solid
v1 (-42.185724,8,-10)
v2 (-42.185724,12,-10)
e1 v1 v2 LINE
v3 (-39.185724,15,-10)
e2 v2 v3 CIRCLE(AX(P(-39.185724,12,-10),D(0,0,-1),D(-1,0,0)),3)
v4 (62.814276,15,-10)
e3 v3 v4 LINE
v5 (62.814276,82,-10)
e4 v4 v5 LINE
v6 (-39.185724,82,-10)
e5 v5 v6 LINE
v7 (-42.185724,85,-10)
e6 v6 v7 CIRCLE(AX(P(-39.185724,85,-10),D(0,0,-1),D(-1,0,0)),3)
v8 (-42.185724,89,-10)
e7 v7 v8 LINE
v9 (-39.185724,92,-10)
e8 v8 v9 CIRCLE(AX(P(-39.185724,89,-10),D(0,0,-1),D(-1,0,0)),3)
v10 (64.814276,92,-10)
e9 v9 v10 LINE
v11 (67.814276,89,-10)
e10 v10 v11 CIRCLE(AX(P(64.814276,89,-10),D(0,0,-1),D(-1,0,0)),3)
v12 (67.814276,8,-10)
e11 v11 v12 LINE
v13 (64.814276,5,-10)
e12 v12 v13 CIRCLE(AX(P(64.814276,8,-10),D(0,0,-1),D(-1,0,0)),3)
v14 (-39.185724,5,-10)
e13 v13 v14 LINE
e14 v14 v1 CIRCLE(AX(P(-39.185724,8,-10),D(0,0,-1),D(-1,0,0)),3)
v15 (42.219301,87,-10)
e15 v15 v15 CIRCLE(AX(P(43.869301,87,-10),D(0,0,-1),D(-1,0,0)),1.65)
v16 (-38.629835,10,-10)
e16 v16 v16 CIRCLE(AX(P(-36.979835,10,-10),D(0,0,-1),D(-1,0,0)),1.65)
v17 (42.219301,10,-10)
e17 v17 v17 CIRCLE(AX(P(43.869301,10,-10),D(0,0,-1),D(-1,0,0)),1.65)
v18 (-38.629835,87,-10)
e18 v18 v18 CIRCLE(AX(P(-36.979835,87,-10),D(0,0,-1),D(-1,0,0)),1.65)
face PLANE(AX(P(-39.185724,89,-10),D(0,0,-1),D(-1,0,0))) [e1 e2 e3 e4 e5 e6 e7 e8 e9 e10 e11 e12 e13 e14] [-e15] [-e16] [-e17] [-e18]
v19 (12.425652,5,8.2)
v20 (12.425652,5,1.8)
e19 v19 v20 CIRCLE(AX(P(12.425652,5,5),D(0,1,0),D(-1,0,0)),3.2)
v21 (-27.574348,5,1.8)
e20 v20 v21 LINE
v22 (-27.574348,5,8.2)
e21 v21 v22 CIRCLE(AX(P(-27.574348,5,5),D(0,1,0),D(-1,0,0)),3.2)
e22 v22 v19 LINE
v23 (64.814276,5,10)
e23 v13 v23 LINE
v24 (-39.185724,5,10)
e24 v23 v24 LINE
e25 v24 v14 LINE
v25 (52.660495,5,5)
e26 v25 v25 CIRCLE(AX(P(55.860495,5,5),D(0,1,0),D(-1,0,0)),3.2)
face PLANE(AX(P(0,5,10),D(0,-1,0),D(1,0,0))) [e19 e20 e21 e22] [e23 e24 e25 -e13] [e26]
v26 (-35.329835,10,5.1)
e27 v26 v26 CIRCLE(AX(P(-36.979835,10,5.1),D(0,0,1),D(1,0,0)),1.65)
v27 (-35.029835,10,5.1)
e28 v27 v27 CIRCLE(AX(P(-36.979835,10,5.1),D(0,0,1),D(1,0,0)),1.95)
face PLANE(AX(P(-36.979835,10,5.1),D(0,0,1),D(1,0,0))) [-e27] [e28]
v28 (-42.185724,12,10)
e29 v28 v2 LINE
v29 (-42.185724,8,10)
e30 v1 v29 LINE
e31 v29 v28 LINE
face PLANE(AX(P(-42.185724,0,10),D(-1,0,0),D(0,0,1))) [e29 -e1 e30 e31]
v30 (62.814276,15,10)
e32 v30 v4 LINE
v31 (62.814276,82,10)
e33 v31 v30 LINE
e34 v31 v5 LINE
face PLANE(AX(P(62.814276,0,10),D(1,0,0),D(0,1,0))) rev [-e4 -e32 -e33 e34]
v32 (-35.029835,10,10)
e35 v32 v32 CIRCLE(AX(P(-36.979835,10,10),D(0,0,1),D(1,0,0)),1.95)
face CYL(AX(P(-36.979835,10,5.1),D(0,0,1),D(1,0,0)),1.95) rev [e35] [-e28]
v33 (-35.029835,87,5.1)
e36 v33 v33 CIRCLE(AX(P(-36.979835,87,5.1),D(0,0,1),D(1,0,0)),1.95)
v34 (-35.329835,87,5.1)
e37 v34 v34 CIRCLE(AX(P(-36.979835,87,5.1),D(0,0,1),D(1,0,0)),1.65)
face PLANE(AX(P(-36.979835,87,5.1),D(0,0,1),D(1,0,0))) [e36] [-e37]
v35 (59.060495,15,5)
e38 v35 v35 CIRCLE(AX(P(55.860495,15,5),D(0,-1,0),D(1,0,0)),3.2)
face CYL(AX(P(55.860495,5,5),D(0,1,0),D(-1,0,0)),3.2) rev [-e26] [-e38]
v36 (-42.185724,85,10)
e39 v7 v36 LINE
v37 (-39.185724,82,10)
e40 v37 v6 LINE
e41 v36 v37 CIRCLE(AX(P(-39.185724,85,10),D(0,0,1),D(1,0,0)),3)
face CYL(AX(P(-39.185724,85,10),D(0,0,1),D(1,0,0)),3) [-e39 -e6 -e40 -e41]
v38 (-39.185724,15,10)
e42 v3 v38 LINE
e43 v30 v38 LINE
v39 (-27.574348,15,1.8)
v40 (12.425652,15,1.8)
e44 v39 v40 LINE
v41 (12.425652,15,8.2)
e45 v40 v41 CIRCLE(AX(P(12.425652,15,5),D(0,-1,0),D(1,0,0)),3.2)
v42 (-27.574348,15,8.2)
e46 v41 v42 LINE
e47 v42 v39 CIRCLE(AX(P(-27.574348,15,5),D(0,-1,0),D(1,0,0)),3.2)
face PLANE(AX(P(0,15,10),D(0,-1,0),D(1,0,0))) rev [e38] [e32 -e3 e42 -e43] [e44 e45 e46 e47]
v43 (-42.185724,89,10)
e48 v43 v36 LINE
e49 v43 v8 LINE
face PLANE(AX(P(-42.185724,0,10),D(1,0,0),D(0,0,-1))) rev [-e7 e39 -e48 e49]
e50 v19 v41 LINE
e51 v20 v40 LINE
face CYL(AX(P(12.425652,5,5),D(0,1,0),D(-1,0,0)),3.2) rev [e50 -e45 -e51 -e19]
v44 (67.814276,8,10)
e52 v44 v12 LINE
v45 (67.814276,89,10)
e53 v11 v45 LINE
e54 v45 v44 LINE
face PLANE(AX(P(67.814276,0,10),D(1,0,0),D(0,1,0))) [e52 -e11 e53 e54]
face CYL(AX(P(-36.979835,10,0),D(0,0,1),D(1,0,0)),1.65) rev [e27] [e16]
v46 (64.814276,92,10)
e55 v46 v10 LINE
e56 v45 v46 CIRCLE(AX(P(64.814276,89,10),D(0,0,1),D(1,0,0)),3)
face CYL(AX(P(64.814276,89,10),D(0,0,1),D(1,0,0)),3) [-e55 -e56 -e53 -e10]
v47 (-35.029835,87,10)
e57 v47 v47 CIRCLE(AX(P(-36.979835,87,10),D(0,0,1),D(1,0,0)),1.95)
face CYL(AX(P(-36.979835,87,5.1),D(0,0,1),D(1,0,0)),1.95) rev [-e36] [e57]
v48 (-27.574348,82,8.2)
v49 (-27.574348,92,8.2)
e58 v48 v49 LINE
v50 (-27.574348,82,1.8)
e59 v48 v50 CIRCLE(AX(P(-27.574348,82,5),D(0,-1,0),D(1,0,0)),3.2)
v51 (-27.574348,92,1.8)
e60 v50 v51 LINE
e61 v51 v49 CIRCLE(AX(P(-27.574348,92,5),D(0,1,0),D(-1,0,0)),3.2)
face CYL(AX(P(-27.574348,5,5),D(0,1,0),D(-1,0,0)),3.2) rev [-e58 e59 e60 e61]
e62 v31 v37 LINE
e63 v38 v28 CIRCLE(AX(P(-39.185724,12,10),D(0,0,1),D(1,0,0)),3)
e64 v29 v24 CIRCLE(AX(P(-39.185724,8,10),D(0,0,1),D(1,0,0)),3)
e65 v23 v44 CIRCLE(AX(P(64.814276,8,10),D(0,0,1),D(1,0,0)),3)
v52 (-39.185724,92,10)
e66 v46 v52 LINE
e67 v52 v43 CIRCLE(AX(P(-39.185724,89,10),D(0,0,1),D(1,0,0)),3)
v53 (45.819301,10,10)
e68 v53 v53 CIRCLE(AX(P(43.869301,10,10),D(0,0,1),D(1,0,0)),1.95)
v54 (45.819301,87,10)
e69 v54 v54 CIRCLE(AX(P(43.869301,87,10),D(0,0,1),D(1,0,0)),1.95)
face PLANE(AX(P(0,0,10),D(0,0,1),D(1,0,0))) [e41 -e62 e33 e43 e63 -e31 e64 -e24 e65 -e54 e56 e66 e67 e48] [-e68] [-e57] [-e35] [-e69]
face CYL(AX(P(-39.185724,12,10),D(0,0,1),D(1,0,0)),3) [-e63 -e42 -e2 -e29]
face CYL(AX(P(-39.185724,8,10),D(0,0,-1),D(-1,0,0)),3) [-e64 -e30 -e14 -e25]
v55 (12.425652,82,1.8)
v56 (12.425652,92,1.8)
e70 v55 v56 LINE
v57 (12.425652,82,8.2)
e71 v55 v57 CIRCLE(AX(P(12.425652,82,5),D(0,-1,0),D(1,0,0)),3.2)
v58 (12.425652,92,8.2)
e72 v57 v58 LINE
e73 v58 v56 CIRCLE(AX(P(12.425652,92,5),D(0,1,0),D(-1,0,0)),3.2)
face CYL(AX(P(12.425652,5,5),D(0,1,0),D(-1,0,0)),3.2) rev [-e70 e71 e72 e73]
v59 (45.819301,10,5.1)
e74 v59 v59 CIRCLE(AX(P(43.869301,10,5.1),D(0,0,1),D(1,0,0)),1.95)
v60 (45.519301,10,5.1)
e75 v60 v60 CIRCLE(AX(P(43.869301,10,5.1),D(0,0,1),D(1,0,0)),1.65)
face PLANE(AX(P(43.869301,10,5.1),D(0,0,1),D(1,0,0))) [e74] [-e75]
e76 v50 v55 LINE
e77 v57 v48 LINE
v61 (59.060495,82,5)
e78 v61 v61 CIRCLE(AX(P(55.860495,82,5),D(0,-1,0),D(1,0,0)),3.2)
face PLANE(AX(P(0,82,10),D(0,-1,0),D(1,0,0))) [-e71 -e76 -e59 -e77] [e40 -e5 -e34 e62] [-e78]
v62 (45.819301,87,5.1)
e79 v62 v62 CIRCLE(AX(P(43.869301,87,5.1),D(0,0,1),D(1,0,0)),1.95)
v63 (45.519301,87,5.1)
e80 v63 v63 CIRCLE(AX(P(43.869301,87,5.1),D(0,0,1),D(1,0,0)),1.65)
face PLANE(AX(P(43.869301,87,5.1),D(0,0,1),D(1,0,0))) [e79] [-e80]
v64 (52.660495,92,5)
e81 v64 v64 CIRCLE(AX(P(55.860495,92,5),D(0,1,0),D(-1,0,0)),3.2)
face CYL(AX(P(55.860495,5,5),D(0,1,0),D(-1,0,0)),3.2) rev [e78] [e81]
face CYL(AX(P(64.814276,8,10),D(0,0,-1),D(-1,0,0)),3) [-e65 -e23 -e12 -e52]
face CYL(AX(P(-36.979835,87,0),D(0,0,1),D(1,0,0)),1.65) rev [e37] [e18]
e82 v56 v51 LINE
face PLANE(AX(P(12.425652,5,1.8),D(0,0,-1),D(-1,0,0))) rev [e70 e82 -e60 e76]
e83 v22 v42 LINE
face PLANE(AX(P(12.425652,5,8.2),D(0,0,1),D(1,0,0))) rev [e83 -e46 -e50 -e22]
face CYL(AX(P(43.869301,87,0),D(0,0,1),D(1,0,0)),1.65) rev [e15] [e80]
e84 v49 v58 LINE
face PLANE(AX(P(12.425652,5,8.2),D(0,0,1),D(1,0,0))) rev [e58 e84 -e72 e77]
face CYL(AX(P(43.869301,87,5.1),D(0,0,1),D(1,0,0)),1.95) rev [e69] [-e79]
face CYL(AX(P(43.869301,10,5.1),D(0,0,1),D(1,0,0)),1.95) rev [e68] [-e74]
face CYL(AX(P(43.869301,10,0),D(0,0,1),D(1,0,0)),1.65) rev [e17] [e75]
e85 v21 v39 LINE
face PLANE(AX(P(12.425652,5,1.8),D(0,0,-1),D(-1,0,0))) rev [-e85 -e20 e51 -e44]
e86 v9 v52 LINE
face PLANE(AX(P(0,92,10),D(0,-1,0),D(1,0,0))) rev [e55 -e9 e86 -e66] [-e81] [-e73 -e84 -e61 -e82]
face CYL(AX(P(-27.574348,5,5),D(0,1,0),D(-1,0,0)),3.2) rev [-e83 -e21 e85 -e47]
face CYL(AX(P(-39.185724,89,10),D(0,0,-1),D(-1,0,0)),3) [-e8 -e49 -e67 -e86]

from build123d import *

# Parameters (mm, degrees)
CROQUIS1_W              = 105
CROQUIS1_H              = 10
CROQUIS1_W_2            = 5
CROQUIS1_H_2            = 33.5
SALIENTE_EXTRUIR1_DEPTH = 10
CROQUIS2_R              = 3.2
CORTAR_EXTRUIR1_DEPTH   = 111.759992767
CROQUIS3_R              = 1.95
CORTAR_EXTRUIR2_DEPTH   = 4.9
CROQUIS4_R              = 1.65
CORTAR_EXTRUIR3_DEPTH   = 115.406232338
REDONDEO1_R             = 3
CROQUIS7_R              = 1.65
SALIENTE_EXTRUIR2_DEPTH = 10


with BuildPart() as part:
    # Croquis1 → Saliente-Extruir1 (new body)
    with BuildSketch(Plane.XY):
        with Locations((10.314275766, 87)):
            Rectangle(CROQUIS1_W, CROQUIS1_H)
        with Locations((65.314275766, 87)):
            Rectangle(CROQUIS1_W_2, CROQUIS1_H)
        with Locations((65.314275766, 65.25)):
            Rectangle(CROQUIS1_W_2, CROQUIS1_H_2)
        with Locations((65.314275766, 31.75)):
            Rectangle(CROQUIS1_W_2, CROQUIS1_H_2)
        with Locations((65.314275766, 10)):
            Rectangle(CROQUIS1_W_2, CROQUIS1_H)
        with Locations((10.314275766, 10)):
            Rectangle(CROQUIS1_W, CROQUIS1_H)
    extrude(amount=SALIENTE_EXTRUIR1_DEPTH)

    # Croquis2 → Cortar-Extruir1 (cut, through all)
    with BuildSketch(Plane(origin=(0, 92, 0), x_dir=(1, 0, 0), z_dir=(0, 1, 0))):
        with Locations(Location((55.860494793, -5, 0), (0, 0, 180))):
            Circle(CROQUIS2_R)
        with BuildLine():
            Line((12.425652442, -8.2), (-27.574347558, -8.2))
            ThreePointArc((-27.574347558, -8.2), (-30.774347558, -5), (-27.574347558, -1.8))
            Line((-27.574347558, -1.8), (12.425652442, -1.8))
            ThreePointArc((12.425652442, -1.8), (15.625652442, -5), (12.425652442, -8.2))
        make_face()
    extrude(amount=-CORTAR_EXTRUIR1_DEPTH, mode=Mode.SUBTRACT)

    # Croquis3 → Cortar-Extruir2 (cut)
    with BuildSketch(Plane.XY.offset(10)):
        with Locations((-36.979834841, 87)):
            Circle(CROQUIS3_R)
        with Locations((-36.979834841, 10)):
            Circle(CROQUIS3_R)
        with Locations((43.869300962, 10)):
            Circle(CROQUIS3_R)
        with Locations((43.869300962, 87)):
            Circle(CROQUIS3_R)
    extrude(amount=-CORTAR_EXTRUIR2_DEPTH, mode=Mode.SUBTRACT)

    # Croquis4 → Cortar-Extruir3 (cut, through all)
    with BuildSketch(Plane.XY.offset(5.1)):
        with Locations((-36.979834841, 87)):
            Circle(CROQUIS4_R)
        with Locations((-36.979834841, 10)):
            Circle(CROQUIS4_R)
        with Locations((43.869300962, 10)):
            Circle(CROQUIS4_R)
        with Locations((43.869300962, 87)):
            Circle(CROQUIS4_R)
    extrude(amount=-CORTAR_EXTRUIR3_DEPTH, mode=Mode.SUBTRACT)

    # Redondeo1
    redondeo1_edges = [part.edges().sort_by_distance(p)[0] for p in [
        (-42.185724234, 82, 5),
        (-42.185724234, 92, 5),
        (67.814275766, 92, 5),
        (67.814275766, 5, 5),
        (-42.185724234, 5, 5),
        (-42.185724234, 15, 5),
    ]]
    fillet(redondeo1_edges, radius=REDONDEO1_R)

    # Croquis7 → Saliente-Extruir2 (add)
    with BuildSketch(Plane(origin=(0, 0, 0), x_dir=(-1, 0, 0), z_dir=(0, 0, -1))):
        with BuildLine():
            Line((39.185724234, 92), (-64.814275766, 92))
            ThreePointArc((-64.814275766, 92), (-66.93559611, 91.121320344), (-67.814275766, 89))
            Line((-67.814275766, 89), (-67.814275766, 8))
            ThreePointArc((-67.814275766, 8), (-66.93559611, 5.878679656), (-64.814275766, 5))
            Line((-64.814275766, 5), (39.185724234, 5))
            ThreePointArc((39.185724234, 5), (41.307044577, 5.878679656), (42.185724234, 8))
            Line((42.185724234, 8), (42.185724234, 12))
            ThreePointArc((42.185724234, 12), (41.307044577, 14.121320344), (39.185724234, 15))
            Line((39.185724234, 15), (-62.814275766, 15))
            Line((-62.814275766, 15), (-62.814275766, 82))
            Line((-62.814275766, 82), (39.185724234, 82))
            ThreePointArc((39.185724234, 82), (41.307044577, 82.878679656), (42.185724234, 85))
            Line((42.185724234, 85), (42.185724234, 89))
            ThreePointArc((42.185724234, 89), (41.307044577, 91.121320344), (39.185724234, 92))
        make_face()
        with Locations(Location((36.979834841, 87, 0), (0, 0, 180))):
            Circle(CROQUIS7_R, mode=Mode.SUBTRACT)
        with Locations(Location((36.979834841, 10, 0), (0, 0, 180))):
            Circle(CROQUIS7_R, mode=Mode.SUBTRACT)
        with Locations(Location((-43.869300962, 10, 0), (0, 0, 180))):
            Circle(CROQUIS7_R, mode=Mode.SUBTRACT)
        with Locations(Location((-43.869300962, 87, 0), (0, 0, 180))):
            Circle(CROQUIS7_R, mode=Mode.SUBTRACT)
    extrude(amount=SALIENTE_EXTRUIR2_DEPTH)


solid = part.part
